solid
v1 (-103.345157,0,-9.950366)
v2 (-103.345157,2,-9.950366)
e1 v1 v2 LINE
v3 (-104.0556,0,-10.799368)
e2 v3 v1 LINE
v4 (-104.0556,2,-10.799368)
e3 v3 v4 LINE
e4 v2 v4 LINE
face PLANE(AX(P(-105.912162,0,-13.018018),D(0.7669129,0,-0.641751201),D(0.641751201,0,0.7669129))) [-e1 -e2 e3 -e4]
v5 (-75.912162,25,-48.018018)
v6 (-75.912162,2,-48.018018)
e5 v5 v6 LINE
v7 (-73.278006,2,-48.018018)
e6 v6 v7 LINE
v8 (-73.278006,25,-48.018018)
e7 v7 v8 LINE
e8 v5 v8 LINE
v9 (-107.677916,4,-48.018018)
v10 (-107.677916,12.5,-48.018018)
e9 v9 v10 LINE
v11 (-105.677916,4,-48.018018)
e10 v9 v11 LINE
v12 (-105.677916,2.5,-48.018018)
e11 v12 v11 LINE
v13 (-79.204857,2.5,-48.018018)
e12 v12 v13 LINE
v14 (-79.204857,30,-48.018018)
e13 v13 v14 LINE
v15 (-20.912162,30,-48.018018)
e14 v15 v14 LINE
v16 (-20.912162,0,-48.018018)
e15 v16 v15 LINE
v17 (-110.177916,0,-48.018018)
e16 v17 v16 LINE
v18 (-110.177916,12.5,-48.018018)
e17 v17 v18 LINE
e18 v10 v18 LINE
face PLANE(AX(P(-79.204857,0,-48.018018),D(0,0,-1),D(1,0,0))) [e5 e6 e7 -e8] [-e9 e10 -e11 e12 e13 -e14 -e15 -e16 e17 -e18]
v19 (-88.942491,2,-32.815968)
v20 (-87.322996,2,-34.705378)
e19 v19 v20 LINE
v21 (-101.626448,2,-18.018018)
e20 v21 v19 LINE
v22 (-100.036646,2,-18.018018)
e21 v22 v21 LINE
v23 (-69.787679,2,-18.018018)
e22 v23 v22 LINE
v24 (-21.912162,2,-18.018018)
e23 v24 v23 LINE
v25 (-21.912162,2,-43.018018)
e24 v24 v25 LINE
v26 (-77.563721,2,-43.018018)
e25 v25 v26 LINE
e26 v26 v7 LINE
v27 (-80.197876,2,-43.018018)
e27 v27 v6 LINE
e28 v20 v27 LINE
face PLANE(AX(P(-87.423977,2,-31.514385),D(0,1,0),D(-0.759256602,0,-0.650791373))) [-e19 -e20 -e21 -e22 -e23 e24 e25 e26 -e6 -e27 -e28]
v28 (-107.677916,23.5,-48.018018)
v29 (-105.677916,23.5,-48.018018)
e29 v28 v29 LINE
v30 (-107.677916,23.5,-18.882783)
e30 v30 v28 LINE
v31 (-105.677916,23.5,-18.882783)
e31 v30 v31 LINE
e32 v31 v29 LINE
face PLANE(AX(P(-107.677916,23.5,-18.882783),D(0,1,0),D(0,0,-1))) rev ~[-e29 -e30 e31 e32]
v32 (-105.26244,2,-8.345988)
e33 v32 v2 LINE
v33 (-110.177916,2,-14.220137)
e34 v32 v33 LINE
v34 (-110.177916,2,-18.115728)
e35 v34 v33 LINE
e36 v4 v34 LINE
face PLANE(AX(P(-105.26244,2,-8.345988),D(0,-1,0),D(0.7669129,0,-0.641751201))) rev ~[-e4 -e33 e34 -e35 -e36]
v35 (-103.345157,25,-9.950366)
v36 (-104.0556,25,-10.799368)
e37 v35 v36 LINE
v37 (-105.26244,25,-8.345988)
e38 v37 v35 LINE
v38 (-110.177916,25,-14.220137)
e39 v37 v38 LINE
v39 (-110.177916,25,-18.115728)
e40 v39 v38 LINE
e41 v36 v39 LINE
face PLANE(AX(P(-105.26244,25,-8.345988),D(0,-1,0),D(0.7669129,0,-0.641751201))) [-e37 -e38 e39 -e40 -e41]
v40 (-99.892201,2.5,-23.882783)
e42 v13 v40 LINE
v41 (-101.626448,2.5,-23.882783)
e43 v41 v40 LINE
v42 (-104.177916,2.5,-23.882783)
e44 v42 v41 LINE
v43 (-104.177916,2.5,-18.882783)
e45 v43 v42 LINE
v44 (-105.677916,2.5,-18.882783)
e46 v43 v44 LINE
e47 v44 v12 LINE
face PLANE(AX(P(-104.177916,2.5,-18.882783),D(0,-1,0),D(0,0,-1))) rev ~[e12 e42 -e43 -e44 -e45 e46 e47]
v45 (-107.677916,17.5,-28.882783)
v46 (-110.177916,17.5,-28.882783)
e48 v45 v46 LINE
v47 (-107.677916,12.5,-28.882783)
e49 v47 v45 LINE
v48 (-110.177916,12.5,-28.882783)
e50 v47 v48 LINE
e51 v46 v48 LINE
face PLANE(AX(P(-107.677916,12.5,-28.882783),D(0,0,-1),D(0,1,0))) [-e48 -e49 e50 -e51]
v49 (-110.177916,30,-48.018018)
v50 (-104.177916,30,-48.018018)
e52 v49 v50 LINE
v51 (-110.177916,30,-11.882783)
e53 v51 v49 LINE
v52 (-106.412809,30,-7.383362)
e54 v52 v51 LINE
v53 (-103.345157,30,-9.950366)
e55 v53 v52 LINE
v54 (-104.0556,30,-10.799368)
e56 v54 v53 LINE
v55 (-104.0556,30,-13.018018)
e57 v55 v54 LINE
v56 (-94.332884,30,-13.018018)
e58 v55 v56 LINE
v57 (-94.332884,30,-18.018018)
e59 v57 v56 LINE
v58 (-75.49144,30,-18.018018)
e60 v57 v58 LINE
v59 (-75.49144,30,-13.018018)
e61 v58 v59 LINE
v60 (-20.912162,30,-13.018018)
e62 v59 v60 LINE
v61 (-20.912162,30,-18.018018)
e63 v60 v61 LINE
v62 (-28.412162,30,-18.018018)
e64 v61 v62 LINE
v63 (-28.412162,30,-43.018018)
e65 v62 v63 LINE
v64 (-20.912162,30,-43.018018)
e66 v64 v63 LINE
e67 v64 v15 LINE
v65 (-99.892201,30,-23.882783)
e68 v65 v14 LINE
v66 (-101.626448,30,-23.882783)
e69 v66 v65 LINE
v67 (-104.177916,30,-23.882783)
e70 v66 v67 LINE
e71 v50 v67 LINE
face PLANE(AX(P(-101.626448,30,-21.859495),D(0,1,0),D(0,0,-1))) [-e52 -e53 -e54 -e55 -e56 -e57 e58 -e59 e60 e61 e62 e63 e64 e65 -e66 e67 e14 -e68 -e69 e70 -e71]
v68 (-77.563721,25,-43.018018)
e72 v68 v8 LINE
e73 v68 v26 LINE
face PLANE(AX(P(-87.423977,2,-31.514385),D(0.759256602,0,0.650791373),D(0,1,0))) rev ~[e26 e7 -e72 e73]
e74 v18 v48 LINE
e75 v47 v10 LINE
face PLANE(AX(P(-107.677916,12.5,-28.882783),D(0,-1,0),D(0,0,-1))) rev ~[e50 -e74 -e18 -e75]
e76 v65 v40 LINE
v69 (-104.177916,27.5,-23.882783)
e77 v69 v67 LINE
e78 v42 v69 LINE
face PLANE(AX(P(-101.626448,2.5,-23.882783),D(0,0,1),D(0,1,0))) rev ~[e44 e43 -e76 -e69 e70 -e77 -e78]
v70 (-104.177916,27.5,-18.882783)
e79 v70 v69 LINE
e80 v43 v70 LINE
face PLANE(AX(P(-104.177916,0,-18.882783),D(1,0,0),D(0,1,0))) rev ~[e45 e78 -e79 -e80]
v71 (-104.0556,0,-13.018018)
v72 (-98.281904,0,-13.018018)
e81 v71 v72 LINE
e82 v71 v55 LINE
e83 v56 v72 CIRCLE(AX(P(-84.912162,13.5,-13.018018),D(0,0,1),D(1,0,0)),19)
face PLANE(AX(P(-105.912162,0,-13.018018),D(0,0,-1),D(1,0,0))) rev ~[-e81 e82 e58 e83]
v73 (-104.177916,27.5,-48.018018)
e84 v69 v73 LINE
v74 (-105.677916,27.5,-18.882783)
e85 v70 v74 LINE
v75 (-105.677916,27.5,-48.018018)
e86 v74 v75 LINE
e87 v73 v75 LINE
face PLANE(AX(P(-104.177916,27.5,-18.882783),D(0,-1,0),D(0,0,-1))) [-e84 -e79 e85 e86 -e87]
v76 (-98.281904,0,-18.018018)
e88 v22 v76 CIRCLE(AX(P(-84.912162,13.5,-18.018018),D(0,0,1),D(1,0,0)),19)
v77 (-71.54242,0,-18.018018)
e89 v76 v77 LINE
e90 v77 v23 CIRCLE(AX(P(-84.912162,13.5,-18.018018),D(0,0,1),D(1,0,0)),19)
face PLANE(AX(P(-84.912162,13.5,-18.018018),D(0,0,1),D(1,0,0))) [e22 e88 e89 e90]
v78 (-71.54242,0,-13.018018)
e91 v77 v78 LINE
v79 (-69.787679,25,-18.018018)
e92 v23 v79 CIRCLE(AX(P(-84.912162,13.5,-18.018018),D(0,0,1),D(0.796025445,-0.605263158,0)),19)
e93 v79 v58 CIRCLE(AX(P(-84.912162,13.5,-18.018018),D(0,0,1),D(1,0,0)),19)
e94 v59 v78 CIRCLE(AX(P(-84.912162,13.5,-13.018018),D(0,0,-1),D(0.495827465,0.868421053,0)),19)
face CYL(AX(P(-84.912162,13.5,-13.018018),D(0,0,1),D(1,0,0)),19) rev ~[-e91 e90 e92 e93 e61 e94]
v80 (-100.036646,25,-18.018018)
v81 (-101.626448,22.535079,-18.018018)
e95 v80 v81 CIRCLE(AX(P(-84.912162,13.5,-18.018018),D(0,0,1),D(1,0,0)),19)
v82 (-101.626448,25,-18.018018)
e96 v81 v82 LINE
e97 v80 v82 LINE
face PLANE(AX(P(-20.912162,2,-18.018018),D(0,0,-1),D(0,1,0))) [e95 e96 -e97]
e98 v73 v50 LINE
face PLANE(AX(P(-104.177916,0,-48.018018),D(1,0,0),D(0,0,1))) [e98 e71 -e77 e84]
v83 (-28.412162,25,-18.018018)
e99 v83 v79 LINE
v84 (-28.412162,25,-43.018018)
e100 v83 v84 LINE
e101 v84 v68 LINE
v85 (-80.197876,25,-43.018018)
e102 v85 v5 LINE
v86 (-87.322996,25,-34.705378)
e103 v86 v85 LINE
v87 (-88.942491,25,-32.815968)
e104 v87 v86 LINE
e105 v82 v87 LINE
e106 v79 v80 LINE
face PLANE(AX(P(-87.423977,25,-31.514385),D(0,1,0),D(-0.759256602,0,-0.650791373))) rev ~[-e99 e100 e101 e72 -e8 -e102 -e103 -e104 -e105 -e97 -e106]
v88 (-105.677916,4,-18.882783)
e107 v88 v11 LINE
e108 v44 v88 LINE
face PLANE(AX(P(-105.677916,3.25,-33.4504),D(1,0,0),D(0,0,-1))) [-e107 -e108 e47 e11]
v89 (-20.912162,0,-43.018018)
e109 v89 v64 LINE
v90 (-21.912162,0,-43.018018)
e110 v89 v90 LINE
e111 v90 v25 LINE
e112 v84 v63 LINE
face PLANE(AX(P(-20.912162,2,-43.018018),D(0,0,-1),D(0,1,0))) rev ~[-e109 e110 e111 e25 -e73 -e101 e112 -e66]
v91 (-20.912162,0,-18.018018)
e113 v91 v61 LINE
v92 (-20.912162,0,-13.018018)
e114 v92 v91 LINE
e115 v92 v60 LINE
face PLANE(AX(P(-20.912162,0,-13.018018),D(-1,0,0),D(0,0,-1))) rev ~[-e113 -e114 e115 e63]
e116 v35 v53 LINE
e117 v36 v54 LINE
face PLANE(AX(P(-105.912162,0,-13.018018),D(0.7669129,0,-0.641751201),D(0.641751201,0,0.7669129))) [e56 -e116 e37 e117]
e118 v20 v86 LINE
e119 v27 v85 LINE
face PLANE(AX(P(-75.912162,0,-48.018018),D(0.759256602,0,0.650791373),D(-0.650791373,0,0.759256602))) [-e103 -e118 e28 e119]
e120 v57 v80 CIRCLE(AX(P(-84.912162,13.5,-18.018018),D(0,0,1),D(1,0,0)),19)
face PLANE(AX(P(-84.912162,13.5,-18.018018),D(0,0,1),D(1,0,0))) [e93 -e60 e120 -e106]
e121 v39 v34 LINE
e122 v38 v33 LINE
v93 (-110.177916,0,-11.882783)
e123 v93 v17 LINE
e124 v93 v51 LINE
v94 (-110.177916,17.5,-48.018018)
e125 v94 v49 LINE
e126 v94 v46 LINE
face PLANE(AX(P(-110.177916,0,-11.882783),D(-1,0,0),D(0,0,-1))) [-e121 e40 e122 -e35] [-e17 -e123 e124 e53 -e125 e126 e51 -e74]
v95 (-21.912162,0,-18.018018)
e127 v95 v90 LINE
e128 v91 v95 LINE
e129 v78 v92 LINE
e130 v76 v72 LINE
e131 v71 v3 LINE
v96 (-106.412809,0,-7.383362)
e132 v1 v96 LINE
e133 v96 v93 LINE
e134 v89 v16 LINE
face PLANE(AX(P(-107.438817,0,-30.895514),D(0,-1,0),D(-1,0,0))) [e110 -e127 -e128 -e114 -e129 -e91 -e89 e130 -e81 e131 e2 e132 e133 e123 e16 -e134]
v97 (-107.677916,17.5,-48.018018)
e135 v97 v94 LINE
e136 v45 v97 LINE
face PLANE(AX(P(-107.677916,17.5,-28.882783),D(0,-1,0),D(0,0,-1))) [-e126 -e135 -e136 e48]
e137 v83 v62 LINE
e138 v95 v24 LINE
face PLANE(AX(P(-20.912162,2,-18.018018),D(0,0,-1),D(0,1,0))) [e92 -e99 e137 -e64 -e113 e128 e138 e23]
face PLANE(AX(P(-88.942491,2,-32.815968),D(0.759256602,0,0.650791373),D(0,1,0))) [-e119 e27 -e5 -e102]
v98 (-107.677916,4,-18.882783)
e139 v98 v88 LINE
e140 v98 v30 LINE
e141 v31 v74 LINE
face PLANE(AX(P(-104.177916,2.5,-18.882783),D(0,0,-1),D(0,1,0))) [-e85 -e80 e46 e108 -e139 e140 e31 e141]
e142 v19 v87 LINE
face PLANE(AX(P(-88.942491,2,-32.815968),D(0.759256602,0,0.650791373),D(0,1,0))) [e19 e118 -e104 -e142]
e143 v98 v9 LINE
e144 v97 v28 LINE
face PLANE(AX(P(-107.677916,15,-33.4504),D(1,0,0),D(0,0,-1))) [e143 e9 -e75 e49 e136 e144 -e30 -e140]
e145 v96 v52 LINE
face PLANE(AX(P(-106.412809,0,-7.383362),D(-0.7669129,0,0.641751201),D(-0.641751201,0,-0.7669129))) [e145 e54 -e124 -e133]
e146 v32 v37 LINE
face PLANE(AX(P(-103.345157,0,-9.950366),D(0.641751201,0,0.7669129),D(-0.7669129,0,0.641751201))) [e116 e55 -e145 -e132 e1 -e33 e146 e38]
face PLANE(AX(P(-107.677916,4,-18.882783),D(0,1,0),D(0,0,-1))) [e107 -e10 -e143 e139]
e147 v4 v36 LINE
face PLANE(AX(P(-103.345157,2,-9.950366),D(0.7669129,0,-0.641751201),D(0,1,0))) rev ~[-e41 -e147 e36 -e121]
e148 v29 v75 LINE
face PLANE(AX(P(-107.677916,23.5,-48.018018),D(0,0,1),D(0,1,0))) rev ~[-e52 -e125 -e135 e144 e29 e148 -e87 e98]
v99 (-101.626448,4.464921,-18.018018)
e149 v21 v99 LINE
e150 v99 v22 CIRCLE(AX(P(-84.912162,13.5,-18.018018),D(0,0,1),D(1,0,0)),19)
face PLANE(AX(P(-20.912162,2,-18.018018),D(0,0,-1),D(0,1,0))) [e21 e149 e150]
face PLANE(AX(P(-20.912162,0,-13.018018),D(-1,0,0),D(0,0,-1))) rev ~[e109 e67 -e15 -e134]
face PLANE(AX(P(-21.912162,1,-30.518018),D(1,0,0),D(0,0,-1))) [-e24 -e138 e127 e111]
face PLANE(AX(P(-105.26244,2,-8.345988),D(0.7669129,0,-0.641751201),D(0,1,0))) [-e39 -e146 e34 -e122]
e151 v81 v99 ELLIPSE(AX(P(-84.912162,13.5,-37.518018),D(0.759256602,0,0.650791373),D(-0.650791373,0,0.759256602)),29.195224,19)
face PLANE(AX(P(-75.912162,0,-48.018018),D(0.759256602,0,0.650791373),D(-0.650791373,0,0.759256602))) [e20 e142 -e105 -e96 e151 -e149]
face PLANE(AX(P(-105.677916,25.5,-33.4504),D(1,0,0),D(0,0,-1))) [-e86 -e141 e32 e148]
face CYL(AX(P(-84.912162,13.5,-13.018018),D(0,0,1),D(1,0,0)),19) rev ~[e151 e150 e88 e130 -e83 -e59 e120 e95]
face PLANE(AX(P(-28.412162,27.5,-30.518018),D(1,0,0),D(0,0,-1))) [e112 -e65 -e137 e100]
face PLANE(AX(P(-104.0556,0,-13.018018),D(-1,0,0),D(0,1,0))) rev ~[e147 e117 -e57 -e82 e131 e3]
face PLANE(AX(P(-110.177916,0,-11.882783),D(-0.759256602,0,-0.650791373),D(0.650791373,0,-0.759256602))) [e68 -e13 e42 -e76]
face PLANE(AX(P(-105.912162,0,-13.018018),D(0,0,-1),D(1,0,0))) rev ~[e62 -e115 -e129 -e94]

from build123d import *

# Parameters (mm, degrees)
BOSS_EXTRUDE3_DEPTH  = 30
SKETCH6_W            = 25
SKETCH6_H            = 23
CUT_EXTRUDE1_DEPTH   = 86
SKETCH7_W            = 25
SKETCH7_H            = 5
CUT_EXTRUDE2_DEPTH   = 7.5
SKETCH8_W            = 25
SKETCH8_H            = 2
CUT_EXTRUDE3_DEPTH   = 1
SKETCH9_R            = 19
CUT_EXTRUDE4_DEPTH   = 5
BOSS_EXTRUDE4_DEPTH  = 30
SKETCH10_W           = 1.856561782
SKETCH10_H           = 30
BOSS_EXTRUDE5_DEPTH  = 3
BOSS_EXTRUDE6_DEPTH  = 30
SKETCH11_W           = 2.5
SKETCH11_H           = 23
CUT_EXTRUDE5_DEPTH   = 34.579503854
SKETCH12_W           = 29.135235428
SKETCH12_H           = 25
CUT_EXTRUDE6_DEPTH   = 3.5
SKETCH13_W           = 19.135235428
SKETCH13_H           = 5
CUT_EXTRUDE7_DEPTH   = 3.5
SKETCH14_W           = 29.135235428
SKETCH14_H           = 4
BOSS_EXTRUDE7_DEPTH  = 2
SKETCH16_W           = 29.135235428
SKETCH16_H           = 1.5
BOSS_EXTRUDE8_DEPTH  = 2
SKETCH17_W           = 2.551467674
SKETCH17_H           = 30
BOSS_EXTRUDE9_DEPTH  = 5
BOSS_EXTRUDE10_REACH = 85.266
SKETCH18_W           = 29.135235428
SKETCH18_H           = 2.5
SKETCH19_W           = 2.48850009
SKETCH19_H           = 23
BOSS_EXTRUDE11_DEPTH = 2
CUT_EXTRUDE8_START   = -2.4885
SKETCH20_W           = 2
SKETCH20_H           = 23
CUT_EXTRUDE8_DEPTH   = 21.736568
BOSS_EXTRUDE12_REACH = 82.714
SKETCH21_W           = 2.023287715
SKETCH21_H           = 27.5


with BuildPart() as part:
    # Sketch2 → Boss-Extrude3 (new body)
    with BuildSketch(Plane(origin=(0, 0, 0), x_dir=(1, 0, 0), z_dir=(0, 1, 0))):
        Polygon((-105.912162162, 13.018018018), (-20.912162162, 13.018018018), (-20.912162162, 48.018018018), (-75.912162162, 48.018018018), align=None)
    extrude(amount=BOSS_EXTRUDE3_DEPTH)

    # Sketch6 → Cut-Extrude1 (cut, through all)
    with BuildSketch(Plane(origin=(-20.912162162, 0, 0), x_dir=(0, 0, -1), z_dir=(1, 0, 0))):
        with Locations((30.518018018, 13.5)):
            Rectangle(SKETCH6_W, SKETCH6_H)
    extrude(amount=-CUT_EXTRUDE1_DEPTH, mode=Mode.SUBTRACT)

    # Sketch7 → Cut-Extrude2 (cut)
    with BuildSketch(Plane(origin=(-20.912162162, 0, 0), x_dir=(0, 0, -1), z_dir=(1, 0, 0))):
        with Locations((30.518018018, 27.5)):
            Rectangle(SKETCH7_W, SKETCH7_H)
    extrude(amount=-CUT_EXTRUDE2_DEPTH, mode=Mode.SUBTRACT)

    # Sketch8 → Cut-Extrude3 (cut)
    with BuildSketch(Plane(origin=(-20.912162162, 0, 0), x_dir=(0, 0, -1), z_dir=(1, 0, 0))):
        with Locations((30.518018018, 1)):
            Rectangle(SKETCH8_W, SKETCH8_H)
    extrude(amount=-CUT_EXTRUDE3_DEPTH, mode=Mode.SUBTRACT)

    # Sketch9 → Cut-Extrude4 (cut)
    with BuildSketch(Plane.XY.offset(-13.018018018)):
        with Locations((-84.912162162, 13.5)):
            Circle(SKETCH9_R)
    extrude(amount=-CUT_EXTRUDE4_DEPTH, mode=Mode.SUBTRACT)

    # Sketch3 → Boss-Extrude4 (add)
    with BuildSketch(Plane(origin=(0, 0, 0), x_dir=(1, 0, 0), z_dir=(0, 1, 0))):
        Polygon((-106.412808957, 7.383361614), (-110.17791555, 11.88278259), (-79.204856611, 48.018018018), (-75.912162162, 48.018018018), (-105.912162162, 13.018018018), (-103.345157358, 9.950366419), align=None)
    extrude(amount=BOSS_EXTRUDE4_DEPTH)

    # Sketch10 → Boss-Extrude5 (add)
    with BuildSketch(Plane.XY.offset(-13.018018018)):
        with Locations((-104.983881271, 15)):
            Rectangle(SKETCH10_W, SKETCH10_H)
    extrude(amount=BOSS_EXTRUDE5_DEPTH)

    # Sketch4 → Boss-Extrude6 (add)
    with BuildSketch(Plane(origin=(0, 0, 0), x_dir=(1, 0, 0), z_dir=(0, 1, 0))):
        Polygon((-110.17791555, 11.88278259), (-110.17791555, 48.018018018), (-104.17791555, 48.018018018), (-104.17791555, 18.88278259), align=None)
    extrude(amount=BOSS_EXTRUDE6_DEPTH)

    # Sketch11 → Cut-Extrude5 (cut, through all)
    with BuildSketch(Plane(origin=(-47.459390138, 0, -56.715466139), x_dir=(0.7669129, 0, -0.641751201), z_dir=(0.641751201, 0, 0.7669129))):
        with Locations((-74.121074711, 13.5)):
            Rectangle(SKETCH11_W, SKETCH11_H)
    extrude(amount=-CUT_EXTRUDE5_DEPTH, mode=Mode.SUBTRACT)

    # Sketch12 → Cut-Extrude6 (cut)
    with BuildSketch(Plane(origin=(-104.17791555, 0, 0), x_dir=(0, 0, -1), z_dir=(1, 0, 0))):
        with Locations((33.450400304, 15)):
            Rectangle(SKETCH12_W, SKETCH12_H)
    extrude(amount=-CUT_EXTRUDE6_DEPTH, mode=Mode.SUBTRACT)

    # Sketch13 → Cut-Extrude7 (cut, through all)
    with BuildSketch(Plane(origin=(-107.67791555, 0, 0), x_dir=(0, 0, -1), z_dir=(1, 0, 0))):
        with Locations((38.450400304, 15)):
            Rectangle(SKETCH13_W, SKETCH13_H)
    extrude(amount=-CUT_EXTRUDE7_DEPTH, mode=Mode.SUBTRACT)

    # Sketch14 → Boss-Extrude7 (add)
    with BuildSketch(Plane(origin=(-107.67791555, 0, 0), x_dir=(0, 0, -1), z_dir=(1, 0, 0))):
        with Locations((33.450400304, 25.5)):
            Rectangle(SKETCH14_W, SKETCH14_H)
    extrude(amount=BOSS_EXTRUDE7_DEPTH)

    # Sketch16 → Boss-Extrude8 (add)
    with BuildSketch(Plane(origin=(-107.67791555, 0, 0), x_dir=(0, 0, -1), z_dir=(1, 0, 0))):
        with Locations((33.450400304, 3.25)):
            Rectangle(SKETCH16_W, SKETCH16_H)
    extrude(amount=BOSS_EXTRUDE8_DEPTH)

    # Sketch17 → Boss-Extrude9 (add)
    with BuildSketch(Plane(origin=(0, 0, -18.88278259), x_dir=(-1, 0, 0), z_dir=(0, 0, -1))):
        with Locations((102.902181713, 15)):
            Rectangle(SKETCH17_W, SKETCH17_H)
    extrude(amount=BOSS_EXTRUDE9_DEPTH)

    # Boss-Extrude10: up to this face of the body (flat: up to its plane)
    boss_extrude10_end = Plane(part.part.faces().sort_by_distance((-90.415652244, 15, -34.938756447))[0])
    # Sketch18 → Boss-Extrude10 (add, up to the picked face)
    with BuildSketch(Plane(origin=(-104.17791555, 0, 0), x_dir=(0, 0, -1), z_dir=(1, 0, 0)), mode=Mode.PRIVATE) as boss_extrude10_sk1:
        with Locations((33.450400304, 1.25)):
            Rectangle(SKETCH18_W, SKETCH18_H)
    boss_extrude10_tool1 = split(extrude(boss_extrude10_sk1.sketch, amount=BOSS_EXTRUDE10_REACH, mode=Mode.PRIVATE), bisect_by=boss_extrude10_end, keep=Keep.BOTH, mode=Mode.PRIVATE)
    add(boss_extrude10_tool1.solids().sort_by_distance((-104.177916, 1.25, -33.4504))[0])

    # Sketch19 → Boss-Extrude11 (add)
    with BuildSketch(Plane(origin=(-67.487678855, 0, -57.846581876), x_dir=(0.650791373, 0, -0.759256602), z_dir=(0.759256602, 0, 0.650791373))):
        with Locations((-31.723015124, 13.5)):
            Rectangle(SKETCH19_W, SKETCH19_H)
    extrude(amount=BOSS_EXTRUDE11_DEPTH)

    # Sketch20 → Cut-Extrude8 (cut)
    with BuildSketch(Plane(origin=(-19.835317387, 0, 23.141203618), x_dir=(-0.759256602, 0, -0.650791373), z_dir=(0.650791373, 0, -0.759256602)).offset(CUT_EXTRUDE8_START)):
        with Locations((87.886522218, 13.5)):
            Rectangle(SKETCH20_W, SKETCH20_H)
    extrude(amount=CUT_EXTRUDE8_DEPTH, mode=Mode.SUBTRACT)

    # Boss-Extrude12: up to this face of the body (flat: up to its plane)
    boss_extrude12_end = Plane(part.part.faces().sort_by_distance((-90.415652244, 16.25, -34.938756447))[0])
    # Sketch21 → Boss-Extrude12 (add, up to the picked face)
    with BuildSketch(Plane(origin=(-101.626447876, 0, 0), x_dir=(0, 0, -1), z_dir=(1, 0, 0)), mode=Mode.PRIVATE) as boss_extrude12_sk1:
        with Locations((22.871138733, 16.25)):
            Rectangle(SKETCH21_W, SKETCH21_H)
    boss_extrude12_tool1 = split(extrude(boss_extrude12_sk1.sketch, amount=BOSS_EXTRUDE12_REACH, mode=Mode.PRIVATE), bisect_by=boss_extrude12_end, keep=Keep.BOTH, mode=Mode.PRIVATE)
    add(boss_extrude12_tool1.solids().sort_by_distance((-101.626448, 16.25, -22.871139))[0])


solid = part.part
